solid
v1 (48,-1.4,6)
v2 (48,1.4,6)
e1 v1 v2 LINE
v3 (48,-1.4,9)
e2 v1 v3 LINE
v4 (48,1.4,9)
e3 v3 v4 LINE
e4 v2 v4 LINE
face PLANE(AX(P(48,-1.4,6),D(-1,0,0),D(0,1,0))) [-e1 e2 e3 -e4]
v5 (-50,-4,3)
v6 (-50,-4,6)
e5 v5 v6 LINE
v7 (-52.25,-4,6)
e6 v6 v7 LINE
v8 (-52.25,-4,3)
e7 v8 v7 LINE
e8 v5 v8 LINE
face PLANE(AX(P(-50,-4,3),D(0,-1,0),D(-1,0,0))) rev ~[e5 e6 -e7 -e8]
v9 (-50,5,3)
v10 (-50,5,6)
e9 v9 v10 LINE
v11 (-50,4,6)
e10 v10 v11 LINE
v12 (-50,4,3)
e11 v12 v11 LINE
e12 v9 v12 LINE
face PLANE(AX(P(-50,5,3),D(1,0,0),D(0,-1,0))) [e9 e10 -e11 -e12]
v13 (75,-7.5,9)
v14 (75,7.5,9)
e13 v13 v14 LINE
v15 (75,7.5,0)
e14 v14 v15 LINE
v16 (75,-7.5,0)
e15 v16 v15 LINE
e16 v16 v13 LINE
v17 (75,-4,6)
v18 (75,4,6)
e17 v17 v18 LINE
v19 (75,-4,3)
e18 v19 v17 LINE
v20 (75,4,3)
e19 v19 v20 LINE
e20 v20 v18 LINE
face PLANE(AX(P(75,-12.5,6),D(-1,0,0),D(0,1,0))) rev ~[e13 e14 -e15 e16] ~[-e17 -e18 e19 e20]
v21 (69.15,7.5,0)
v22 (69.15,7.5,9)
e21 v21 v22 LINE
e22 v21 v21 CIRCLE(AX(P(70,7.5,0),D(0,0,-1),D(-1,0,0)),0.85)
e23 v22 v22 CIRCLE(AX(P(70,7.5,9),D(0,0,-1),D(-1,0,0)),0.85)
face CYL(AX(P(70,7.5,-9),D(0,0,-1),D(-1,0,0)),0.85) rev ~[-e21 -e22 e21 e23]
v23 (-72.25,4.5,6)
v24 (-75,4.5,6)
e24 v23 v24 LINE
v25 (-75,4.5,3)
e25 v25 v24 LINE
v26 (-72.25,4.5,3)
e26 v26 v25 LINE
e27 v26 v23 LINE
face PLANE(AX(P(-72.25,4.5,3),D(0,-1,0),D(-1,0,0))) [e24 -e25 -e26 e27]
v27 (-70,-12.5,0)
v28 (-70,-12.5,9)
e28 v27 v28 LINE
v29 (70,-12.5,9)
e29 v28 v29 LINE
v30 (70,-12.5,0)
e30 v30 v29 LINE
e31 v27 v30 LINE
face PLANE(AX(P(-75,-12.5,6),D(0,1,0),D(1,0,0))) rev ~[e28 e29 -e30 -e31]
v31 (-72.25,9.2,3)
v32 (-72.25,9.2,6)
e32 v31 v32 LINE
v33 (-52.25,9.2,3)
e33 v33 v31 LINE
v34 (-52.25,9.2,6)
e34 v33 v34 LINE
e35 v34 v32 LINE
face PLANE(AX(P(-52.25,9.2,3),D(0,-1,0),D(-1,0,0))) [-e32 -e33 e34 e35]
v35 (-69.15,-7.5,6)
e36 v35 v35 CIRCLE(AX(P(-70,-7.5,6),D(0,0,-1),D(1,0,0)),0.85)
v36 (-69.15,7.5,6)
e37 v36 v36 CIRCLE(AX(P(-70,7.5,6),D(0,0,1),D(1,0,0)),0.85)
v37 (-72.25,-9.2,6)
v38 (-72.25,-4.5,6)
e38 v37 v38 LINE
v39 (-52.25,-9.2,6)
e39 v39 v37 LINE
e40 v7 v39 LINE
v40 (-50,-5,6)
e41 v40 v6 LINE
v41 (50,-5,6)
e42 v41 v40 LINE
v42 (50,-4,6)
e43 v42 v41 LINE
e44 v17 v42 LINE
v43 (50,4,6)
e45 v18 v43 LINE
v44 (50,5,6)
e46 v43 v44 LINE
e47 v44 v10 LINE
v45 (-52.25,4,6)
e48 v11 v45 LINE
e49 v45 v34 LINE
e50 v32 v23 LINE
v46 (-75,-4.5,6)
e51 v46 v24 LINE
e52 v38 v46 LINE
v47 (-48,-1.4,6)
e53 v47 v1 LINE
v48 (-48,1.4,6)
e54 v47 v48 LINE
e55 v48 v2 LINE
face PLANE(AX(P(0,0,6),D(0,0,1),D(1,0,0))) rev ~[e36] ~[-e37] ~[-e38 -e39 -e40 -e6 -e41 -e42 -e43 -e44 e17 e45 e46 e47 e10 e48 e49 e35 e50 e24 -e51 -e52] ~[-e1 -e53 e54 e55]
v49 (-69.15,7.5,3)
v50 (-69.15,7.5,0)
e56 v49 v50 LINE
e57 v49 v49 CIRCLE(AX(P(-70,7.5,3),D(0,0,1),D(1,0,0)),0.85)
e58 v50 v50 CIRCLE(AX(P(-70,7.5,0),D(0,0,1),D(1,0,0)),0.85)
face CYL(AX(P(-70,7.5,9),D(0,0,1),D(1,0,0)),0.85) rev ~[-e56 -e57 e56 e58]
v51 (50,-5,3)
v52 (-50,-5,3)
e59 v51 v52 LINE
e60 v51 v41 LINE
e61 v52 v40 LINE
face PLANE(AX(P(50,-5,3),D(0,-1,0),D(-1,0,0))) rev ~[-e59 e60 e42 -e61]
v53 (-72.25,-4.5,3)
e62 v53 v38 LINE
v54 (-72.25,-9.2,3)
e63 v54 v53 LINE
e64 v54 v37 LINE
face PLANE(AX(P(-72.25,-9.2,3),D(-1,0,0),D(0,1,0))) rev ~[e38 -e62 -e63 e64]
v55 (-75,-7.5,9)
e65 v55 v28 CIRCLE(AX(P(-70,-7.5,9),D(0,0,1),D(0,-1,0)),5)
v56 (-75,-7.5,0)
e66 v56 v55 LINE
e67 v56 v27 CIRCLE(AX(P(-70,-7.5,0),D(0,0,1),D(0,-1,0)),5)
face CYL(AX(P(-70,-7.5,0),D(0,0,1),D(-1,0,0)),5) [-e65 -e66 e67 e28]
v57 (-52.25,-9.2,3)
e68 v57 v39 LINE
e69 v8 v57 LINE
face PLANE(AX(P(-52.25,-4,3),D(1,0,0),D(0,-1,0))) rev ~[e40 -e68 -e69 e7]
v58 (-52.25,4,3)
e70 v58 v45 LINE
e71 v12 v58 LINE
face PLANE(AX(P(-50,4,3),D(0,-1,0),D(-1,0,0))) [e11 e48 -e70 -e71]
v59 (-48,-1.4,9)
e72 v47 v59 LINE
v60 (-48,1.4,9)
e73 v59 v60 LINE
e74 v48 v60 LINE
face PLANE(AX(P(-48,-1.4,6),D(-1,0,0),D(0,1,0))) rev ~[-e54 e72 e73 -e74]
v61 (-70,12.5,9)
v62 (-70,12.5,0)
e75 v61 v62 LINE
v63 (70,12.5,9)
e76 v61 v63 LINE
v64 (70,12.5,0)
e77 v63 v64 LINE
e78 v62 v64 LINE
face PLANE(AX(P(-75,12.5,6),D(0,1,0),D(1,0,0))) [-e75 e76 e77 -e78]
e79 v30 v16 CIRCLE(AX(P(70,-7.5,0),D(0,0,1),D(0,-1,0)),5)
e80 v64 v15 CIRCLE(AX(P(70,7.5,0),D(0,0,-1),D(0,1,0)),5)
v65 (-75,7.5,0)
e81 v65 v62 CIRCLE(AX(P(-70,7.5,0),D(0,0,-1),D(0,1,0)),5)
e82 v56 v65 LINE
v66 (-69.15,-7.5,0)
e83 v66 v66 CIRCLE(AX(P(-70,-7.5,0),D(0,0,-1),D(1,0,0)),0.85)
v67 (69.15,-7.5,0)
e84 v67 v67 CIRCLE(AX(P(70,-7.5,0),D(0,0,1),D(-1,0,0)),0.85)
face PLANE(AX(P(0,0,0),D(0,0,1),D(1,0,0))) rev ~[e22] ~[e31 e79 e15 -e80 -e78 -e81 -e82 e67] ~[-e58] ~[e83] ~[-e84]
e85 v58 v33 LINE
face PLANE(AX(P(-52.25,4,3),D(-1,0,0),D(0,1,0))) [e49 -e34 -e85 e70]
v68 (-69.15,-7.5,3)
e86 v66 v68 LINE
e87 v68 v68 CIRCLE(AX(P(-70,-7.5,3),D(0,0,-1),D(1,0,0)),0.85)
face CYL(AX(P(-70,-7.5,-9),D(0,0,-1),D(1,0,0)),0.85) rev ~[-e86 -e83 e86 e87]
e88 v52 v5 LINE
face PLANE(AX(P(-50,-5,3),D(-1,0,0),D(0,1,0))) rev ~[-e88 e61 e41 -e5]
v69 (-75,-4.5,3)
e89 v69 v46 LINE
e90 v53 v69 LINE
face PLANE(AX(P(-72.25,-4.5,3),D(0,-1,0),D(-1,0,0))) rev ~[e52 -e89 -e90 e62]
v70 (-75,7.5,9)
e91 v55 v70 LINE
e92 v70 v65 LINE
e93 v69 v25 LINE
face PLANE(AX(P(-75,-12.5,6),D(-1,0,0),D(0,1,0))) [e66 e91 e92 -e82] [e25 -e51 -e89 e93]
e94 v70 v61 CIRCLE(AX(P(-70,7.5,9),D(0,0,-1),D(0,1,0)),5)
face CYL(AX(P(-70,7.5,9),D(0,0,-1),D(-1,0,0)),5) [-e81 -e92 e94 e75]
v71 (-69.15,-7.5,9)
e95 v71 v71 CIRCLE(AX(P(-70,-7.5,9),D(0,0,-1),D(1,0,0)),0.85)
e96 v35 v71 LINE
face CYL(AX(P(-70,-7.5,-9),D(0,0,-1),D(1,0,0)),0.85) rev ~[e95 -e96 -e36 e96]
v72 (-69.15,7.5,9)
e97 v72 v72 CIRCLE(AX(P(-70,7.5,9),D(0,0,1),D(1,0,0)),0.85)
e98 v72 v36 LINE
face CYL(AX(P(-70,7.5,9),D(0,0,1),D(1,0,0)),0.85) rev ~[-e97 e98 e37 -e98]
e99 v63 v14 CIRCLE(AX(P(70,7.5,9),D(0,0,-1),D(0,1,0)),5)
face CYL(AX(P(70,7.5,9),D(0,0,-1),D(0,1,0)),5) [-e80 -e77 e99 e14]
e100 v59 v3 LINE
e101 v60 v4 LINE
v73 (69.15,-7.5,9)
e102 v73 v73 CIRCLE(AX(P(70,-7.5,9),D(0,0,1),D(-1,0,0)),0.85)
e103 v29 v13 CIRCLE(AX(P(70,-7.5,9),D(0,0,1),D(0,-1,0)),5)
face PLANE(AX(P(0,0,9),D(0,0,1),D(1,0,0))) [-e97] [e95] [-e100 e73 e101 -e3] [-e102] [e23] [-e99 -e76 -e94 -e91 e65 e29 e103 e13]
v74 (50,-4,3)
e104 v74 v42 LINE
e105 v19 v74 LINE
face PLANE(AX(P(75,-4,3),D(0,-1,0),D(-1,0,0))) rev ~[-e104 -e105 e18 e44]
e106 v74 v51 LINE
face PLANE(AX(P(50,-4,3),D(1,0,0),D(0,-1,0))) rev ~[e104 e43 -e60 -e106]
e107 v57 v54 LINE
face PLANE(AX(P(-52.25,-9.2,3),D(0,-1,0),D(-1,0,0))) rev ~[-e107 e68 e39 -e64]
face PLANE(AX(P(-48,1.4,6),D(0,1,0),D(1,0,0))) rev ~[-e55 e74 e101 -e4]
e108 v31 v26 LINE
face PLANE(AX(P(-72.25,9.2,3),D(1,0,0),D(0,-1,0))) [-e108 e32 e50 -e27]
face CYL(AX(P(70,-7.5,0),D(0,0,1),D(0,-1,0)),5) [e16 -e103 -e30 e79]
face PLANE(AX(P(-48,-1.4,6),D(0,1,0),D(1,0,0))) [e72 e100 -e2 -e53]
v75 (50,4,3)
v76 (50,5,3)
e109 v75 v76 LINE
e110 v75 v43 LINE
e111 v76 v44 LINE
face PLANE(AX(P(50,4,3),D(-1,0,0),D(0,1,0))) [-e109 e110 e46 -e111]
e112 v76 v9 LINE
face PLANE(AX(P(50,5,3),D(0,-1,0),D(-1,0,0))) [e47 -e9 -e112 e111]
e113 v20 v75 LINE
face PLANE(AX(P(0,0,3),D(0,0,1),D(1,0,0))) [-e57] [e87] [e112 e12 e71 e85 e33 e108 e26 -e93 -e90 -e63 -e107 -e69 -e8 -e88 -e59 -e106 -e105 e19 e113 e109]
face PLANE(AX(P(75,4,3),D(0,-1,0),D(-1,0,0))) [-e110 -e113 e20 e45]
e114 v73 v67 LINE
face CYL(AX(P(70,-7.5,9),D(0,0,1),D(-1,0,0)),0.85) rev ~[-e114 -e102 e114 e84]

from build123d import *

# Parameters (mm, degrees)
SKETCH_W              = 150
SKETCH_H              = 25
PAD_DEPTH             = 3
PAD001_DEPTH          = 3
SKETCH004_W           = 150
SKETCH004_H           = 25
SKETCH004_W_2         = 96
SKETCH004_H_2         = 2.8
PAD002_DEPTH          = 3
SKETCH005_R           = 0.85
POCKET_DEPTH          = 313.671314
POLARPATTERN_COUNT    = 2
POLARPATTERN001_COUNT = 2
POLARPATTERN002_COUNT = 2
FILLET_R              = 5


with BuildPart() as part:
    # Sketch → Pad (new body)
    with BuildSketch(Plane.XY):
        Rectangle(SKETCH_W, SKETCH_H)
    extrude(amount=PAD_DEPTH)

    # Sketch001 (on Face6 of Pad) → Pad001 (join)
    with BuildSketch(Plane.XY.offset(3)):
        Polygon((-75, 12.5), (75, 12.5), (75, 4), (50, 4), (50, 5), (-50, 5), (-50, 4), (-52.25, 4), (-52.25, 9.2), (-72.25, 9.2), (-72.25, 4.5), (-75, 4.5), align=None)
        Polygon((-75, -12.5), (75, -12.5), (75, -4), (50, -4), (50, -5), (-50, -5), (-50, -4), (-52.25, -4), (-52.25, -9.2), (-72.25, -9.2), (-72.25, -4.5), (-75, -4.5), align=None)
    extrude(amount=PAD001_DEPTH)

    # Sketch004 (on Face12 of Pad001) → Pad002 (join)
    with BuildSketch(Plane.XY.offset(6)):
        Rectangle(SKETCH004_W, SKETCH004_H)
        Rectangle(SKETCH004_W_2, SKETCH004_H_2, mode=Mode.SUBTRACT)
    extrude(amount=PAD002_DEPTH)

    # Sketch005 (on Face34 of Pad002) → Pocket (cut, through all)
    with BuildSketch(Plane.XY.offset(9)):
        with Locations((-70, 7.5)):
            Circle(SKETCH005_R)
    pocket = extrude(amount=-POCKET_DEPTH, mode=Mode.SUBTRACT)

    # PolarPattern: Pocket ×2 about axis
    polarpattern_axis = Axis((0, 0, 9), (0, 0, 1))
    for i in range(1, POLARPATTERN_COUNT):
        add(pocket.rotate(polarpattern_axis, i * 360 / POLARPATTERN_COUNT), mode=Mode.SUBTRACT)

    # PolarPattern001: Pocket ×2 about axis
    polarpattern001_axis = Axis((0, 0, 0), (0, 1, 0))
    for i in range(1, POLARPATTERN001_COUNT):
        add(pocket.rotate(polarpattern001_axis, i * 360 / POLARPATTERN001_COUNT), mode=Mode.SUBTRACT)

    # PolarPattern002: Pocket ×2 about axis
    polarpattern002_axis = Axis((0, 0, 0), (1, 0, 0))
    for i in range(1, POLARPATTERN002_COUNT):
        add(pocket.rotate(polarpattern002_axis, i * 360 / POLARPATTERN002_COUNT), mode=Mode.SUBTRACT)

    # Fillet
    fillet_edges = [part.edges().sort_by_distance(p)[0] for p in [
        (75, -12.5, 7.5),
        (75, 12.5, 7.5),
        (-75, -12.5, 7.5),
        (-75, 12.5, 7.5),
    ]]
    fillet(fillet_edges, radius=FILLET_R)


solid = part.part
